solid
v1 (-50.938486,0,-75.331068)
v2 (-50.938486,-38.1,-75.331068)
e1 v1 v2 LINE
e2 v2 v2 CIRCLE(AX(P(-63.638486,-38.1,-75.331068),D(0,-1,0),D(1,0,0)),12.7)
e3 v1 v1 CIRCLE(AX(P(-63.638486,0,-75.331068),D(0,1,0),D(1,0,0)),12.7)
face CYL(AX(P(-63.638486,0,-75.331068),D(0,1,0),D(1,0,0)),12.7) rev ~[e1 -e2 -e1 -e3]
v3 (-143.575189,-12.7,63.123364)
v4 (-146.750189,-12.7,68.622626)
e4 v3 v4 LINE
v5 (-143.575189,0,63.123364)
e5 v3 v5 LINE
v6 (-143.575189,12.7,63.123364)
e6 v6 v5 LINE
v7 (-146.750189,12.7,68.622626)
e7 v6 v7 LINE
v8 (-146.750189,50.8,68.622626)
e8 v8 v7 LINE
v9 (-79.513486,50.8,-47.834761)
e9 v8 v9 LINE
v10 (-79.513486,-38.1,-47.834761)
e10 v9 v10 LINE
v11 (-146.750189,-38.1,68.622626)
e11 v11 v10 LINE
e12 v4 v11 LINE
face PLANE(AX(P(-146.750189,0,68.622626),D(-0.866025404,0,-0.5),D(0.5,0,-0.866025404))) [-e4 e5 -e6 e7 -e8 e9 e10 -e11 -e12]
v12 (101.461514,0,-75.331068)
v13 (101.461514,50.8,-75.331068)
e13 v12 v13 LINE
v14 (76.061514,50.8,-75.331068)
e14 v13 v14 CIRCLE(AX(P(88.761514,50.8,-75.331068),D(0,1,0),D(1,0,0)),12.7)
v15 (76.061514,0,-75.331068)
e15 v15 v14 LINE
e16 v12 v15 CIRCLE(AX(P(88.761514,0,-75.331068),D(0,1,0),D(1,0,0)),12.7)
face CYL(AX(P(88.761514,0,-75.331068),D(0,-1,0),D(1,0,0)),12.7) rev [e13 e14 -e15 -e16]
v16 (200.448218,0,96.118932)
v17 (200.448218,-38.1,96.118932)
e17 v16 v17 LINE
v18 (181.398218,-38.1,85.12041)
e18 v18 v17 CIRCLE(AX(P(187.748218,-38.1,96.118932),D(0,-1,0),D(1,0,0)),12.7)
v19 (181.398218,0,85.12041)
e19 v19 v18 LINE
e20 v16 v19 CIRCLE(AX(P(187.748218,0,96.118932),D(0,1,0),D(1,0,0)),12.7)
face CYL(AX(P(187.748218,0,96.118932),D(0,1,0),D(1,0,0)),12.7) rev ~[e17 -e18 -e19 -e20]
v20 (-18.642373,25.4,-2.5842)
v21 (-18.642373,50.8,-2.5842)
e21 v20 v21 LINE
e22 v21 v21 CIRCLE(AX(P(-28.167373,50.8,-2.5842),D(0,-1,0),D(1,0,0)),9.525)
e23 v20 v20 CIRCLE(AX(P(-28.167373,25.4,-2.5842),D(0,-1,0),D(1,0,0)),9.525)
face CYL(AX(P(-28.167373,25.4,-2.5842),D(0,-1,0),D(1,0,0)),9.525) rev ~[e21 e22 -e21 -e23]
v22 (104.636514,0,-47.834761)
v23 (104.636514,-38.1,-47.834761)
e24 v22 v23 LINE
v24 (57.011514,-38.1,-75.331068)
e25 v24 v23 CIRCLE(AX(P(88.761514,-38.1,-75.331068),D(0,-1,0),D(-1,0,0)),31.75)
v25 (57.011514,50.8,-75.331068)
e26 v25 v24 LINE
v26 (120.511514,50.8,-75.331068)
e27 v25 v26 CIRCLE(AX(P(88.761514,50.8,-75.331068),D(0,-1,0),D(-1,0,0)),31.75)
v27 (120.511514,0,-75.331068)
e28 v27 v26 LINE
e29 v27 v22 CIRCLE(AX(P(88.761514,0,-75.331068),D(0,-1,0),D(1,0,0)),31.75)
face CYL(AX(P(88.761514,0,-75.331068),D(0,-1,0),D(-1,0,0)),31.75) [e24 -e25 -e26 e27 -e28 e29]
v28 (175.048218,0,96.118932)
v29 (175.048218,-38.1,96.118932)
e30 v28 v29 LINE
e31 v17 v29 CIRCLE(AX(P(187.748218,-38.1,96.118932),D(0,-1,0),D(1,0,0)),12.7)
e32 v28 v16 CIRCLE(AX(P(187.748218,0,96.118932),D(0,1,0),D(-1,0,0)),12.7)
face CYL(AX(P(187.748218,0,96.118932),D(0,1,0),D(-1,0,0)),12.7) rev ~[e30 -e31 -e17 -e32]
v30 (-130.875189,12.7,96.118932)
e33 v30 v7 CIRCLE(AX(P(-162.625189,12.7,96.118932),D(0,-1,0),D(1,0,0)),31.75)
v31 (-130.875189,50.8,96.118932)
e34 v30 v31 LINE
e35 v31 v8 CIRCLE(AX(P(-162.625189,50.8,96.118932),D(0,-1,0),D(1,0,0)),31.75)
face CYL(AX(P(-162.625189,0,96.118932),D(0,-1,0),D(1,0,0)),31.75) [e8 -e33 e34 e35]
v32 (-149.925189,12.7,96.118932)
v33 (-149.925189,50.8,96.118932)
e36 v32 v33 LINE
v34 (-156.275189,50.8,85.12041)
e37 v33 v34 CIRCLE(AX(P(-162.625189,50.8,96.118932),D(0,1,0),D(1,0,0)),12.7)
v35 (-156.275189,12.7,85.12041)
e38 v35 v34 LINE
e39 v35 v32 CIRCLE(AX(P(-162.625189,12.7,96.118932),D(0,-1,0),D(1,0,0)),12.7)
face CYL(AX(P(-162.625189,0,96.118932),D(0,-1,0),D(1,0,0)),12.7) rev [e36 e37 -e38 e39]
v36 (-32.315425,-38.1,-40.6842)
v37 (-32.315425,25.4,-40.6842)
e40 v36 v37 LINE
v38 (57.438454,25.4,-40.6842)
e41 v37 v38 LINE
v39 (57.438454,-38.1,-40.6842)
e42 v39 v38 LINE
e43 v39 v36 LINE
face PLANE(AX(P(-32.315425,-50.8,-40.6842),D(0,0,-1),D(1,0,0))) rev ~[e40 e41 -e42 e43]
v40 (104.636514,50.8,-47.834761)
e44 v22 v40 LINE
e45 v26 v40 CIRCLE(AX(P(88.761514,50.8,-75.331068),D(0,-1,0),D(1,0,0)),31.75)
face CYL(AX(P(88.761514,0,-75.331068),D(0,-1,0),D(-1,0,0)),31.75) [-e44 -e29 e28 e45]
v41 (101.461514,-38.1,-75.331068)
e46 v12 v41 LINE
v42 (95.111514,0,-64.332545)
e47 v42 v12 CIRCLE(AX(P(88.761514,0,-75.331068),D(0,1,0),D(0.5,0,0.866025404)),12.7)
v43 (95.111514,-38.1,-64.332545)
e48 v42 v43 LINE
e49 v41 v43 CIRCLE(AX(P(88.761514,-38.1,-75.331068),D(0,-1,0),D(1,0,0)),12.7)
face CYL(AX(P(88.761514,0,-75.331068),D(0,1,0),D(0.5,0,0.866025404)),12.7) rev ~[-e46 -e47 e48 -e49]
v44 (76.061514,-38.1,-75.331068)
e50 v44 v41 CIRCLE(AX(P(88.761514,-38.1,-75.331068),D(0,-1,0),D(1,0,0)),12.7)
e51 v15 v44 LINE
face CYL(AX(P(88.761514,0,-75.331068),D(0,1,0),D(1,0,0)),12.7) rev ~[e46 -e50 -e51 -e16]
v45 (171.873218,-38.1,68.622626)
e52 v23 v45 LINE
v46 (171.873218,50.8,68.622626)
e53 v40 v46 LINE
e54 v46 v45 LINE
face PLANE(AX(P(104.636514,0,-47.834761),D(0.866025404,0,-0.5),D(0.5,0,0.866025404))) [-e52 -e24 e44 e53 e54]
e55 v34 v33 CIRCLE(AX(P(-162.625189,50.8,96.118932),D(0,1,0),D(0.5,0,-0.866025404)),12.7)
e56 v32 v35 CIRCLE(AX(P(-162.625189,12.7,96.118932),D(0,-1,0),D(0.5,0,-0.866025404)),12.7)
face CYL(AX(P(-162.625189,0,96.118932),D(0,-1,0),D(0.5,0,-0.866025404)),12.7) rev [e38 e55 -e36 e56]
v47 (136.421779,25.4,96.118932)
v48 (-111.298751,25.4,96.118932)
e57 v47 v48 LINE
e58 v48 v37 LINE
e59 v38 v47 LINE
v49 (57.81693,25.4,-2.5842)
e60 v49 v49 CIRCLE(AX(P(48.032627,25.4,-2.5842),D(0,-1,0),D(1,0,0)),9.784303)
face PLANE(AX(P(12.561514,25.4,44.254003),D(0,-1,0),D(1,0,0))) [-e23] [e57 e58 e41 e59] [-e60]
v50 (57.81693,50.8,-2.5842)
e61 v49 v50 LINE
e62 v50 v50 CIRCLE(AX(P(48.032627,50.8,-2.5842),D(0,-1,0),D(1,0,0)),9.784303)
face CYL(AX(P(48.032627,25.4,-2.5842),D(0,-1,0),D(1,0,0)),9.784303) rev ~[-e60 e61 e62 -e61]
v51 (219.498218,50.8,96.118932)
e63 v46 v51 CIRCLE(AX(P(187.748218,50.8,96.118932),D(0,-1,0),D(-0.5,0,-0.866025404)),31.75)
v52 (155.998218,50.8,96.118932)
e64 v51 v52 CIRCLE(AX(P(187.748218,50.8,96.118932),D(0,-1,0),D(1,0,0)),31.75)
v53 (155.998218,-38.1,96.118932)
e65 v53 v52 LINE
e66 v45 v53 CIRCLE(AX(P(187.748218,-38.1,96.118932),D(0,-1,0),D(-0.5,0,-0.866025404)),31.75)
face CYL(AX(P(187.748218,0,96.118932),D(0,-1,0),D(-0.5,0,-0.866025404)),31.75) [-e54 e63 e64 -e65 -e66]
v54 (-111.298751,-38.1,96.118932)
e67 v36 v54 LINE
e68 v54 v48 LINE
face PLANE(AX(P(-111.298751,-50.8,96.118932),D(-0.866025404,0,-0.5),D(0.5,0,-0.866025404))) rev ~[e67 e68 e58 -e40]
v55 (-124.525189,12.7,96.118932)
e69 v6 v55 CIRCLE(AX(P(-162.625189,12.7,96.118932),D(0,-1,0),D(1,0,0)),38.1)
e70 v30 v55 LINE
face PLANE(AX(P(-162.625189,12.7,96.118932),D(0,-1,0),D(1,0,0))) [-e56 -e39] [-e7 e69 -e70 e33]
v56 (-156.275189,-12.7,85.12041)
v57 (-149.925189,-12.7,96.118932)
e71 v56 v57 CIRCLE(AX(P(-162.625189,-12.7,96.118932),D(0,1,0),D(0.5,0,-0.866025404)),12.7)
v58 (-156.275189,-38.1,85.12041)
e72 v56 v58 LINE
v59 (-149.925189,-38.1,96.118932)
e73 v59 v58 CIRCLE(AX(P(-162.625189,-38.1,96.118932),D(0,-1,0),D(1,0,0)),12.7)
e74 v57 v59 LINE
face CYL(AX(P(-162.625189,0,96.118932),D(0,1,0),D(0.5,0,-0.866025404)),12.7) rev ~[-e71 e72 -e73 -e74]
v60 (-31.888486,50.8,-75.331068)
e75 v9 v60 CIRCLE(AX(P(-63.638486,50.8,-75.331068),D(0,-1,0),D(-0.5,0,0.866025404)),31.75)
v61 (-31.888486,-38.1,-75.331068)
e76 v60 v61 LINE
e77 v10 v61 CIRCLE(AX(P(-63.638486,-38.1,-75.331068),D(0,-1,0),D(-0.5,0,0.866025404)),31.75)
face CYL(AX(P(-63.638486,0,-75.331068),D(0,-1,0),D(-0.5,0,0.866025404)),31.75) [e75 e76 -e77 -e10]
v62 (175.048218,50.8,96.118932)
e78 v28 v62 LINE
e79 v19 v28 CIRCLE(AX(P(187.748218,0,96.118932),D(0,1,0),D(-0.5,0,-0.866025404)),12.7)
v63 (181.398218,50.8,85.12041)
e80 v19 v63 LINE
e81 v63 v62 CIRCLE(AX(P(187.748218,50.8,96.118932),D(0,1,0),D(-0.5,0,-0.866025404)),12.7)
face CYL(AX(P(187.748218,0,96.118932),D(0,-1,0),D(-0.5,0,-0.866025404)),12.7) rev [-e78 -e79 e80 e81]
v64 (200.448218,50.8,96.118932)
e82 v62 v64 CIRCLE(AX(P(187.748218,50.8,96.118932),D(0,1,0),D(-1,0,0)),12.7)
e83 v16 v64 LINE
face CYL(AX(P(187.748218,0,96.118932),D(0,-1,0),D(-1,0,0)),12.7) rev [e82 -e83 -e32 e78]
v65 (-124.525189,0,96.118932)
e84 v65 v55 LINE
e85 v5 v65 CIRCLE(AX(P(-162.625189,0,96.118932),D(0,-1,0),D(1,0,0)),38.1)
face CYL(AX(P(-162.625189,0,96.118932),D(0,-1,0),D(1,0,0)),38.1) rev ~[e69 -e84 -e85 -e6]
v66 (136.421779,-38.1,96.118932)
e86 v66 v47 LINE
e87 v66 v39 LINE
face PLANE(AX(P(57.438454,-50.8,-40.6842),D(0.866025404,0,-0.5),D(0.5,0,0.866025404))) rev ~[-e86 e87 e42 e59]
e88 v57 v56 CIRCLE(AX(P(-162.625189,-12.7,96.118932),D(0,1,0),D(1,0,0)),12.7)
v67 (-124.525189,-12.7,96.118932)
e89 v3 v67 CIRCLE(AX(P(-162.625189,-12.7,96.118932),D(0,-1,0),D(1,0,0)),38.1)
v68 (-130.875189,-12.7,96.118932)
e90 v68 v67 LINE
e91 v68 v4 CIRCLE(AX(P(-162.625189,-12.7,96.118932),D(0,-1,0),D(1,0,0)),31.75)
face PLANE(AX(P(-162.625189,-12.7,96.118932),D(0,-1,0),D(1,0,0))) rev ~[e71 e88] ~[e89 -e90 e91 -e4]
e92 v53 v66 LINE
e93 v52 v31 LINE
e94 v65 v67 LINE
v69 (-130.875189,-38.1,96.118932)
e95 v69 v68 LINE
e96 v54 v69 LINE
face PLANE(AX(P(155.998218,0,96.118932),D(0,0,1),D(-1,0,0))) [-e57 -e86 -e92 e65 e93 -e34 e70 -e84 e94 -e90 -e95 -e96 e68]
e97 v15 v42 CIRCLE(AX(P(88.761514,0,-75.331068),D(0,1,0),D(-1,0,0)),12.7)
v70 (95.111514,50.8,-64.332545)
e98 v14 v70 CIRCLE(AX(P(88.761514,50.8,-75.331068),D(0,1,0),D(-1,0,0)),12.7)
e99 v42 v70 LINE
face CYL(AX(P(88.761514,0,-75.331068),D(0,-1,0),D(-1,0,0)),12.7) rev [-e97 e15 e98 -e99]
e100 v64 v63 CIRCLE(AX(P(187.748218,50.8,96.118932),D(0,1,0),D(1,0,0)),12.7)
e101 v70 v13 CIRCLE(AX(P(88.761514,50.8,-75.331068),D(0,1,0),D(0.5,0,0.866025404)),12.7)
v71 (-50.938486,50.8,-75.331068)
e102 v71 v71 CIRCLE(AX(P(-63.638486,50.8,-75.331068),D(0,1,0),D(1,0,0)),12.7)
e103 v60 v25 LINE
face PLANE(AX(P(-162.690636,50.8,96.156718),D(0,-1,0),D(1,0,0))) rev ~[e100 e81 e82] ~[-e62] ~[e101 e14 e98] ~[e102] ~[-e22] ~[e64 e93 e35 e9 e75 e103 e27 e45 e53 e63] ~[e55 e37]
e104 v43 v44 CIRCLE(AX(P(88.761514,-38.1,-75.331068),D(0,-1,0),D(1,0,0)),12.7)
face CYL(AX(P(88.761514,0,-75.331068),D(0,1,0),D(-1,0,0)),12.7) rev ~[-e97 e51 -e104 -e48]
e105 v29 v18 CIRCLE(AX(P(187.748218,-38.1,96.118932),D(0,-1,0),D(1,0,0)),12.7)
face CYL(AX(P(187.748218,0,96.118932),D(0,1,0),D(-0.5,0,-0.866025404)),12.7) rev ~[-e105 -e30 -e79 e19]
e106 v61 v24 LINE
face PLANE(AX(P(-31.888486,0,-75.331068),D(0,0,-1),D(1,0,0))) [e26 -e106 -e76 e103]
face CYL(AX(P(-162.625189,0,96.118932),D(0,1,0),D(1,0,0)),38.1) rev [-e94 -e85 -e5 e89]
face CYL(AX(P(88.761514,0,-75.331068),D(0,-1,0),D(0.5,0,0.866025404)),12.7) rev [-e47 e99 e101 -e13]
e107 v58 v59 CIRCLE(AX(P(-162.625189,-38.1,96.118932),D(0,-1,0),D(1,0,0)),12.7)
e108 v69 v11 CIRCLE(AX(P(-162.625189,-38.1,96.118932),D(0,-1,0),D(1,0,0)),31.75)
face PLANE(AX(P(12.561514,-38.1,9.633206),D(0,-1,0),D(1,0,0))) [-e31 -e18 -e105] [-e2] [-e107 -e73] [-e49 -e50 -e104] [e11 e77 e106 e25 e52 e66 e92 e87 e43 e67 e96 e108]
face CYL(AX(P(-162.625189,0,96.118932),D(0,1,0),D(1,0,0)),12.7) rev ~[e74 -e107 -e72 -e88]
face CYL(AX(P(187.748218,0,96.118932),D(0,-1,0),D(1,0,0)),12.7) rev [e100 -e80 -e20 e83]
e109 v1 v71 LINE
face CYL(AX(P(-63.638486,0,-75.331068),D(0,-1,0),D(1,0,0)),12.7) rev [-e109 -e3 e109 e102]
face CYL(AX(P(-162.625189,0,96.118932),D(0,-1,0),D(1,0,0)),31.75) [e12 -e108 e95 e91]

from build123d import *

# Parameters (mm, degrees)
F1_DEPTH  = 50.8
F3_DEPTH  = 76.2
F4_R      = 38.1
F1_FACE_R = 12.7
F5_DEPTH  = 12.7
F6_R      = 9.525
F6_R_2    = 9.7843029872
F7_DEPTH  = 25.401


with BuildPart() as f1:
    # F0 (on Front) → F1 (new body, symmetric)
    with BuildSketch(Plane.XZ):
        with BuildLine():
            ThreePointArc((-130.8751894546, 96.1189323328), (-190.1214960247, 111.9939323328), (-146.7501894546, 68.6226257627))
            Line((-146.7501894546, 68.6226257627), (-156.2751894546, 85.1204097048))
            ThreePointArc((-156.2751894546, 85.1204097048), (-173.6237120826, 102.4689323328), (-149.9251894546, 96.1189323328))
            Line((-149.9251894546, 96.1189323328), (-130.8751894546, 96.1189323328))
        make_face()
        with BuildLine():
            Line((-156.2751894546, 85.1204097048), (-146.7501894546, 68.6226257627))
            ThreePointArc((-146.7501894546, 68.6226257627), (-135.1288828844, 80.2439323328), (-130.8751894546, 96.1189323328))
            Line((-130.8751894546, 96.1189323328), (-149.9251894546, 96.1189323328))
            ThreePointArc((-149.9251894546, 96.1189323328), (-151.6266668265, 89.7689323328), (-156.2751894546, 85.1204097048))
        make_face()
        with BuildLine():
            Line((181.3982178505, 85.1204097048), (171.8732178505, 68.6226257627))
            ThreePointArc((171.8732178505, 68.6226257627), (203.6232178505, 68.6226257627), (219.4982178505, 96.1189323328))
            ThreePointArc((219.4982178505, 96.1189323328), (187.7482178505, 127.8689323328), (155.9982178505, 96.1189323328))
            Line((155.9982178505, 96.1189323328), (175.0482178505, 96.1189323328))
            ThreePointArc((175.0482178505, 96.1189323328), (187.7482178505, 108.8189323328), (200.4482178505, 96.1189323328))
            ThreePointArc((200.4482178505, 96.1189323328), (194.0982178505, 85.1204097048), (181.3982178505, 85.1204097048))
        make_face()
        with BuildLine():
            ThreePointArc((-79.513485802, -47.834761097), (-47.763485802, -47.834761097), (-31.888485802, -75.3310676672))
            Line((-31.888485802, -75.3310676672), (57.011514198, -75.3310676672))
            ThreePointArc((57.011514198, -75.3310676672), (72.886514198, -47.834761097), (104.636514198, -47.834761097))
            Line((104.636514198, -47.834761097), (171.8732178505, 68.6226257627))
            ThreePointArc((171.8732178505, 68.6226257627), (160.2519112804, 80.2439323328), (155.9982178505, 96.1189323328))
            Line((155.9982178505, 96.1189323328), (-130.8751894546, 96.1189323328))
            ThreePointArc((-130.8751894546, 96.1189323328), (-135.1288828844, 80.2439323328), (-146.7501894546, 68.6226257627))
            Line((-146.7501894546, 68.6226257627), (-79.513485802, -47.834761097))
        make_face()
        with BuildLine():
            Line((76.061514198, -75.3310676672), (57.011514198, -75.3310676672))
            ThreePointArc((57.011514198, -75.3310676672), (88.761514198, -107.0810676672), (120.511514198, -75.3310676672))
            ThreePointArc((120.511514198, -75.3310676672), (116.2578207681, -59.4560676672), (104.636514198, -47.834761097))
            Line((104.636514198, -47.834761097), (95.111514198, -64.3325450391))
            ThreePointArc((95.111514198, -64.3325450391), (99.760036826, -68.9810676672), (101.461514198, -75.3310676672))
            ThreePointArc((101.461514198, -75.3310676672), (88.761514198, -88.0310676672), (76.061514198, -75.3310676672))
        make_face()
        with BuildLine():
            ThreePointArc((104.636514198, -47.834761097), (72.886514198, -47.834761097), (57.011514198, -75.3310676672))
            Line((57.011514198, -75.3310676672), (76.061514198, -75.3310676672))
            ThreePointArc((76.061514198, -75.3310676672), (82.411514198, -64.3325450391), (95.111514198, -64.3325450391))
            Line((95.111514198, -64.3325450391), (104.636514198, -47.834761097))
        make_face()
        with BuildLine():
            Line((-31.888485802, -75.3310676672), (-50.938485802, -75.3310676672))
            ThreePointArc((-50.938485802, -75.3310676672), (-69.988485802, -86.3295902952), (-69.988485802, -64.3325450391))
            Line((-69.988485802, -64.3325450391), (-79.513485802, -47.834761097))
            ThreePointArc((-79.513485802, -47.834761097), (-79.513485802, -102.8273742373), (-31.888485802, -75.3310676672))
        make_face()
        with BuildLine():
            ThreePointArc((-69.988485802, -64.3325450391), (-57.288485802, -64.3325450391), (-50.938485802, -75.3310676672))
            Line((-50.938485802, -75.3310676672), (-31.888485802, -75.3310676672))
            ThreePointArc((-31.888485802, -75.3310676672), (-47.763485802, -47.834761097), (-79.513485802, -47.834761097))
            Line((-79.513485802, -47.834761097), (-69.988485802, -64.3325450391))
        make_face()
        with BuildLine():
            ThreePointArc((155.9982178505, 96.1189323328), (160.2519112804, 80.2439323328), (171.8732178505, 68.6226257627))
            Line((171.8732178505, 68.6226257627), (181.3982178505, 85.1204097048))
            ThreePointArc((181.3982178505, 85.1204097048), (176.7496952225, 89.7689323328), (175.0482178505, 96.1189323328))
            Line((175.0482178505, 96.1189323328), (155.9982178505, 96.1189323328))
        make_face()
    extrude(amount=F1_DEPTH, both=True)

    # F2 (on face) → F3 (cut)
    with BuildSketch(Plane.XZ.offset(50.8)):
        Polygon((136.4217789196, 96.1189323328), (-111.2987505236, 96.1189323328), (-32.3154252183, -40.6842000468), (57.4384536142, -40.6842000468), align=None)
    extrude(amount=-F3_DEPTH, mode=Mode.SUBTRACT)

    # F4 (on Front) + F1_face (on face) → F5 (cut, symmetric)
    with BuildSketch(Plane.XZ):
        with Locations((-162.6251894546, 96.1189323328)):
            Circle(F4_R)
    with BuildSketch(Plane(origin=(12.561514198, -50.8, 21.3503423812), x_dir=(1, 0, 0), z_dir=(0, -1, 0))):
        with BuildLine():
            Line((-123.8602647216, 74.7685899517), (-143.4367036526, 74.7685899517))
            ThreePointArc((-143.4367036526, 74.7685899517), (-202.6830102227, 90.6435899517), (-159.3117036526, 47.2722833815))
            Line((-159.3117036526, 47.2722833815), (-92.075, -69.1851034782))
            ThreePointArc((-92.075, -69.1851034782), (-92.075, -124.1777166185), (-44.45, -96.6814100483))
            Line((-44.45, -96.6814100483), (44.45, -96.6814100483))
            ThreePointArc((44.45, -96.6814100483), (92.075, -124.1777166185), (92.075, -69.1851034782))
            Line((92.075, -69.1851034782), (159.3117036526, 47.2722833815))
            ThreePointArc((159.3117036526, 47.2722833815), (202.6830102227, 90.6435899517), (143.4367036526, 74.7685899517))
            Line((143.4367036526, 74.7685899517), (123.8602647216, 74.7685899517))
            Line((123.8602647216, 74.7685899517), (44.8769394163, -62.0345424279))
            Line((44.8769394163, -62.0345424279), (-44.8769394163, -62.0345424279))
            Line((-44.8769394163, -62.0345424279), (-123.8602647216, 74.7685899517))
        make_face()
        with Locations((-76.2, -96.6814100483)):
            Circle(F1_FACE_R, mode=Mode.SUBTRACT)
        with Locations((76.2, -96.6814100483)):
            Circle(F1_FACE_R, mode=Mode.SUBTRACT)
        with Locations((-175.1867036526, 74.7685899517)):
            Circle(F1_FACE_R, mode=Mode.SUBTRACT)
        with Locations((175.1867036526, 74.7685899517)):
            Circle(F1_FACE_R, mode=Mode.SUBTRACT)
    extrude(amount=F5_DEPTH, both=True, mode=Mode.SUBTRACT)

    # F6 (on face) → F7 (cut, through all)
    with BuildSketch(Plane.XZ.offset(-25.4)):
        with Locations((-28.1673731094, -2.5842000468)):
            Circle(F6_R)
        with Locations((48.0326268906, -2.5842000468)):
            Circle(F6_R_2)
    extrude(amount=-F7_DEPTH, mode=Mode.SUBTRACT)


solid = f1.part
